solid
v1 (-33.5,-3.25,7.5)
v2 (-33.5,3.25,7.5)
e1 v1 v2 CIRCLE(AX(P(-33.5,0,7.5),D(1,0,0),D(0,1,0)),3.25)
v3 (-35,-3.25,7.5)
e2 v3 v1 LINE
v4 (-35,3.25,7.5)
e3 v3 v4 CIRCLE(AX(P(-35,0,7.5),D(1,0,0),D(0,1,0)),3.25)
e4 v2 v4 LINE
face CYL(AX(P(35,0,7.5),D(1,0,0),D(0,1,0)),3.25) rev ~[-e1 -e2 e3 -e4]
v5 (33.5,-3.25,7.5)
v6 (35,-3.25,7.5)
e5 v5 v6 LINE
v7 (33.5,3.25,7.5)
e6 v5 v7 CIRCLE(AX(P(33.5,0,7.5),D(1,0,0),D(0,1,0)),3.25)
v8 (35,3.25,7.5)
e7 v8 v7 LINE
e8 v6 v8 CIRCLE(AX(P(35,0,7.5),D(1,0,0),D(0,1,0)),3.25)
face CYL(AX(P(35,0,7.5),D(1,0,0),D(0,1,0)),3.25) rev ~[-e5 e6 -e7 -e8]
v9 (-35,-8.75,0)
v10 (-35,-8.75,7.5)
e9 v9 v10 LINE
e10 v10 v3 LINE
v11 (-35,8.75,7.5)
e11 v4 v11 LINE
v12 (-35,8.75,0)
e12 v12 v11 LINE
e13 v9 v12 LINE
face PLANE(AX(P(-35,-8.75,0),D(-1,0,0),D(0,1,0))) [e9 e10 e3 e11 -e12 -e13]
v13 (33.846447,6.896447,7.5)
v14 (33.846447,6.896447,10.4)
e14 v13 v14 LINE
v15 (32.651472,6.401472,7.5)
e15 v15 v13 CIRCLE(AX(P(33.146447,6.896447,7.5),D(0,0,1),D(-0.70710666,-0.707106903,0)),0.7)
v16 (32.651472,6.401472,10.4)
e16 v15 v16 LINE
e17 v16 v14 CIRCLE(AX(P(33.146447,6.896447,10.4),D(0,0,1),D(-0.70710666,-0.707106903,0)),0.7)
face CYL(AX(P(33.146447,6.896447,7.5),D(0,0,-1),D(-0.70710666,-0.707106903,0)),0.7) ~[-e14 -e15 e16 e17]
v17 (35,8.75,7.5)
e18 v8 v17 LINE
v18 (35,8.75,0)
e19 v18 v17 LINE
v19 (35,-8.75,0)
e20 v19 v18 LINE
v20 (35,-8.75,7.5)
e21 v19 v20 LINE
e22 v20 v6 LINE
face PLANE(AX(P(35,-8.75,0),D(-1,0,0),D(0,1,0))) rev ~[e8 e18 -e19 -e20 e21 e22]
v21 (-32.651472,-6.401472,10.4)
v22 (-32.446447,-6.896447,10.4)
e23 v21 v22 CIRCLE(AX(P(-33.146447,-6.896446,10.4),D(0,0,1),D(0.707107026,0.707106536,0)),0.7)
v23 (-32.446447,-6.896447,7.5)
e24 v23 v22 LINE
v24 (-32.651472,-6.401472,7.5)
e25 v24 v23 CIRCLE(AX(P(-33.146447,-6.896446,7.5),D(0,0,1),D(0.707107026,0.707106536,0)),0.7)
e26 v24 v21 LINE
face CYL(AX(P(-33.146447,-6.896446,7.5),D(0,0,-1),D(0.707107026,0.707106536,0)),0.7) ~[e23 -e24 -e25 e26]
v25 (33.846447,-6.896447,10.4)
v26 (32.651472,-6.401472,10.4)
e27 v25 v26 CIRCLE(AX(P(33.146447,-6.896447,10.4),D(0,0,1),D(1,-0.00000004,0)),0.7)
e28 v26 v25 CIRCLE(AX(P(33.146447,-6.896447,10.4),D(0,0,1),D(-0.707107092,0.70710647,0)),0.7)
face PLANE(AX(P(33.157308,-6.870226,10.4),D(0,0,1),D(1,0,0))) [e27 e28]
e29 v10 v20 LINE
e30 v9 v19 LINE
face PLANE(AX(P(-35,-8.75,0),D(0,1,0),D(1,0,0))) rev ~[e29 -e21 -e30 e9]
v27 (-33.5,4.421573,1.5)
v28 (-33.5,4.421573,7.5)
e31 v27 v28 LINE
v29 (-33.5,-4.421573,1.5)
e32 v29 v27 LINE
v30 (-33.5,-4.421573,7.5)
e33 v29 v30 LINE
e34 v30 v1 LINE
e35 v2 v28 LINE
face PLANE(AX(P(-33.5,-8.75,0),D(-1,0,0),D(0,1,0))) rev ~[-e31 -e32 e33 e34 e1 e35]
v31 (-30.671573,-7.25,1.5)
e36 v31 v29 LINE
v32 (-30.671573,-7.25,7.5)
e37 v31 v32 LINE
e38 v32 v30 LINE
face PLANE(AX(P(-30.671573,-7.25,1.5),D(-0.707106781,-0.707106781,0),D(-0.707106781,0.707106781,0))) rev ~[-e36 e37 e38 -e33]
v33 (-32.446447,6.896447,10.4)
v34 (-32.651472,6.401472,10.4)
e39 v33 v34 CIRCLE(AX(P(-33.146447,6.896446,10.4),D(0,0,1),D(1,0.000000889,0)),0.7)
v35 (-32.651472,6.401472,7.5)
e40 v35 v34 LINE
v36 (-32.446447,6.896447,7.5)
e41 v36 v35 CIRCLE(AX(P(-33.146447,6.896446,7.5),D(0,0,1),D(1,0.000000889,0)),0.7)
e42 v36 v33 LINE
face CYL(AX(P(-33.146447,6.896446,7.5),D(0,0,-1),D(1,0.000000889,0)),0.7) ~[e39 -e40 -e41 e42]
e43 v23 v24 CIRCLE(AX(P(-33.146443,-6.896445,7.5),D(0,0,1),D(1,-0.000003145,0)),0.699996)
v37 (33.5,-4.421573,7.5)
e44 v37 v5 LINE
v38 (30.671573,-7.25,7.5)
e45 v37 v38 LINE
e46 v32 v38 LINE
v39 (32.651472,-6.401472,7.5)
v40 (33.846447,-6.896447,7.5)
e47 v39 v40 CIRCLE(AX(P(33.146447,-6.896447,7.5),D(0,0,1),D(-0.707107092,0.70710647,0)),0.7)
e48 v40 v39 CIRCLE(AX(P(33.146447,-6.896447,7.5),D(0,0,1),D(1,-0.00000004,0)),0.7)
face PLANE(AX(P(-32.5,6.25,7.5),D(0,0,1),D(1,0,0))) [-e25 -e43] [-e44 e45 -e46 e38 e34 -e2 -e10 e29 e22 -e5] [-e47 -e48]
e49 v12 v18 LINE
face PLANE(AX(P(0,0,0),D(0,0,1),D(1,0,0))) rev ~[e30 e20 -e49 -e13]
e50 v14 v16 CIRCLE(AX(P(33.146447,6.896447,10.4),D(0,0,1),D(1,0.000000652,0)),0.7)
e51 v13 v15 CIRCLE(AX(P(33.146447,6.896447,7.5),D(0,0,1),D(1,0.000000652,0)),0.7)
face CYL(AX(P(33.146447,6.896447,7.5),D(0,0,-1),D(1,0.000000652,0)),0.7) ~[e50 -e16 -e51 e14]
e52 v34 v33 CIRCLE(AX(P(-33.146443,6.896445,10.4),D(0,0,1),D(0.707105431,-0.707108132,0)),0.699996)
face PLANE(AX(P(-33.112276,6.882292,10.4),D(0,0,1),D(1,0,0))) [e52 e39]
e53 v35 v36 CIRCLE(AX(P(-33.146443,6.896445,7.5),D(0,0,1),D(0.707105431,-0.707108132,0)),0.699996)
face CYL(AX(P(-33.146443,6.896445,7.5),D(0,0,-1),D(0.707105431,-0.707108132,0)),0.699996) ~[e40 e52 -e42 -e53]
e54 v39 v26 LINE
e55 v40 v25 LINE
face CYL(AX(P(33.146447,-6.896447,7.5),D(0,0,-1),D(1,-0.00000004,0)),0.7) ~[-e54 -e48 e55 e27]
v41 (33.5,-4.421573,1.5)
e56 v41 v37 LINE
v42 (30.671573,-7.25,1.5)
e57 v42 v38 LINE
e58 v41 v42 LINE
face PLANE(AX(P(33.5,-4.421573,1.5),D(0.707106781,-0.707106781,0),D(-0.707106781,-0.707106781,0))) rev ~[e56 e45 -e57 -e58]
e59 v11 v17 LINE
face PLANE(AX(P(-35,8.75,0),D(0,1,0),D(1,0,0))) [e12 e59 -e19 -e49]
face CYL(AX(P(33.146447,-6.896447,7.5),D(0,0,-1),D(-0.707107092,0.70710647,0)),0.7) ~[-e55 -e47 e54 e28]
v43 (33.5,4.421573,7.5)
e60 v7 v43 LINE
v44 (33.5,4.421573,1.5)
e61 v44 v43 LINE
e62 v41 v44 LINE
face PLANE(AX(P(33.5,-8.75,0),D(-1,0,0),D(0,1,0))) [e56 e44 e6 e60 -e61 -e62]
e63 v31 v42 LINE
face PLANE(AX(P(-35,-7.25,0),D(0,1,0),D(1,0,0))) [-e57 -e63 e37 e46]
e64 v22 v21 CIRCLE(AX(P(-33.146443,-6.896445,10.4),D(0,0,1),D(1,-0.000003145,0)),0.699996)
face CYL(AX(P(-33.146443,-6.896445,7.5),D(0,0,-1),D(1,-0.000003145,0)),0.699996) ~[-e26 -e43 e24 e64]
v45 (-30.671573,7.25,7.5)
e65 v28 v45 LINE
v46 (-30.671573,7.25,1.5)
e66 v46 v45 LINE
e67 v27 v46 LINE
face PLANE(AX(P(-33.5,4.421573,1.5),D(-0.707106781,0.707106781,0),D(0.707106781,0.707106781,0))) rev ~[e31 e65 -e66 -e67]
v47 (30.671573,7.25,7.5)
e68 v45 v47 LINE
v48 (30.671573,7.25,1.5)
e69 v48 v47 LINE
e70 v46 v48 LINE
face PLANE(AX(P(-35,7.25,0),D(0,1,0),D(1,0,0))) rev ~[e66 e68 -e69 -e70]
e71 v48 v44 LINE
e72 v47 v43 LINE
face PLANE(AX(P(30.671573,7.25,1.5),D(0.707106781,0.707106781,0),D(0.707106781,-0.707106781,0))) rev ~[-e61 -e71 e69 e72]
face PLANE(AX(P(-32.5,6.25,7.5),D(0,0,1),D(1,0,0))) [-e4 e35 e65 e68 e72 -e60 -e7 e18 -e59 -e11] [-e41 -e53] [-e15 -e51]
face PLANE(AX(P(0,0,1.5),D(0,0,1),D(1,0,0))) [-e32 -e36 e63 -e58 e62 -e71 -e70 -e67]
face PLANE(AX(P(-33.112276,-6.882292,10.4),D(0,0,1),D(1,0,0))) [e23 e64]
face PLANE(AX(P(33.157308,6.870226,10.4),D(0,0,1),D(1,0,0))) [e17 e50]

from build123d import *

# Parameters (mm, degrees)
F0_W     = 70
F0_H     = 17.5
F1_DEPTH = 7.5
F2_T     = -1.5
F4_DEPTH = 6
F6_DEPTH = 2.9
F7_R     = 3.25
F8_DEPTH = 70.001


with BuildPart() as f1:
    # F0 (on Top) → F1 (new body)
    with BuildSketch(Plane.XY):
        Rectangle(F0_W, F0_H)
    extrude(amount=F1_DEPTH)

    # F2
    f2_openings = [f1.faces().sort_by_distance(p)[0] for p in [
        (0, 0, 7.5),
    ]]
    offset(amount=F2_T, openings=f2_openings)

    # F3 (on face) → F4 (join, through all)
    with BuildSketch(Plane.XY.offset(1.5)):
        Polygon((-33.5, 7.25), (-33.5, 4.421573), (-30.671573, 7.25), align=None)
        Polygon((30.671573, 7.25), (33.5, 4.421573), (33.5, 7.25), align=None)
        Polygon((33.5, -7.25), (33.5, -4.421573), (30.671573, -7.25), align=None)
        Polygon((-33.5, -4.421573), (-33.5, -7.25), (-30.671573, -7.25), align=None)
    extrude(amount=F4_DEPTH)

    # F5 (on face) → F6 (join)
    with BuildSketch(Plane.XY.offset(7.5)):
        with BuildLine():
            ThreePointArc((-32.651472, 6.401472), (-32.499731, 6.628568), (-32.446447, 6.896447))
            ThreePointArc((-32.446447, 6.896447), (-33.793162, 7.164325), (-32.651472, 6.401472))
        make_face()
        with BuildLine():
            ThreePointArc((-32.651472, -6.401472), (-33.793162, -7.164325), (-32.446447, -6.896447))
            ThreePointArc((-32.446447, -6.896447), (-32.499731, -6.628568), (-32.651472, -6.401472))
        make_face()
        with BuildLine():
            ThreePointArc((32.651472, 6.401472), (33.414325, 6.249731), (33.846447, 6.896447))
            ThreePointArc((33.846447, 6.896447), (32.878568, 7.543162), (32.651472, 6.401472))
        make_face()
        with BuildLine():
            ThreePointArc((32.651472, -6.401472), (32.878568, -7.543162), (33.846447, -6.896447))
            ThreePointArc((33.846447, -6.896447), (33.414325, -6.249731), (32.651472, -6.401472))
        make_face()
    extrude(amount=F6_DEPTH)

    # F7 (on face) → F8 (cut, through all)
    with BuildSketch(Plane.YZ.offset(35)):
        with Locations((0, 7.5)):
            Circle(F7_R)
    extrude(amount=-F8_DEPTH, mode=Mode.SUBTRACT)


solid = f1.part
